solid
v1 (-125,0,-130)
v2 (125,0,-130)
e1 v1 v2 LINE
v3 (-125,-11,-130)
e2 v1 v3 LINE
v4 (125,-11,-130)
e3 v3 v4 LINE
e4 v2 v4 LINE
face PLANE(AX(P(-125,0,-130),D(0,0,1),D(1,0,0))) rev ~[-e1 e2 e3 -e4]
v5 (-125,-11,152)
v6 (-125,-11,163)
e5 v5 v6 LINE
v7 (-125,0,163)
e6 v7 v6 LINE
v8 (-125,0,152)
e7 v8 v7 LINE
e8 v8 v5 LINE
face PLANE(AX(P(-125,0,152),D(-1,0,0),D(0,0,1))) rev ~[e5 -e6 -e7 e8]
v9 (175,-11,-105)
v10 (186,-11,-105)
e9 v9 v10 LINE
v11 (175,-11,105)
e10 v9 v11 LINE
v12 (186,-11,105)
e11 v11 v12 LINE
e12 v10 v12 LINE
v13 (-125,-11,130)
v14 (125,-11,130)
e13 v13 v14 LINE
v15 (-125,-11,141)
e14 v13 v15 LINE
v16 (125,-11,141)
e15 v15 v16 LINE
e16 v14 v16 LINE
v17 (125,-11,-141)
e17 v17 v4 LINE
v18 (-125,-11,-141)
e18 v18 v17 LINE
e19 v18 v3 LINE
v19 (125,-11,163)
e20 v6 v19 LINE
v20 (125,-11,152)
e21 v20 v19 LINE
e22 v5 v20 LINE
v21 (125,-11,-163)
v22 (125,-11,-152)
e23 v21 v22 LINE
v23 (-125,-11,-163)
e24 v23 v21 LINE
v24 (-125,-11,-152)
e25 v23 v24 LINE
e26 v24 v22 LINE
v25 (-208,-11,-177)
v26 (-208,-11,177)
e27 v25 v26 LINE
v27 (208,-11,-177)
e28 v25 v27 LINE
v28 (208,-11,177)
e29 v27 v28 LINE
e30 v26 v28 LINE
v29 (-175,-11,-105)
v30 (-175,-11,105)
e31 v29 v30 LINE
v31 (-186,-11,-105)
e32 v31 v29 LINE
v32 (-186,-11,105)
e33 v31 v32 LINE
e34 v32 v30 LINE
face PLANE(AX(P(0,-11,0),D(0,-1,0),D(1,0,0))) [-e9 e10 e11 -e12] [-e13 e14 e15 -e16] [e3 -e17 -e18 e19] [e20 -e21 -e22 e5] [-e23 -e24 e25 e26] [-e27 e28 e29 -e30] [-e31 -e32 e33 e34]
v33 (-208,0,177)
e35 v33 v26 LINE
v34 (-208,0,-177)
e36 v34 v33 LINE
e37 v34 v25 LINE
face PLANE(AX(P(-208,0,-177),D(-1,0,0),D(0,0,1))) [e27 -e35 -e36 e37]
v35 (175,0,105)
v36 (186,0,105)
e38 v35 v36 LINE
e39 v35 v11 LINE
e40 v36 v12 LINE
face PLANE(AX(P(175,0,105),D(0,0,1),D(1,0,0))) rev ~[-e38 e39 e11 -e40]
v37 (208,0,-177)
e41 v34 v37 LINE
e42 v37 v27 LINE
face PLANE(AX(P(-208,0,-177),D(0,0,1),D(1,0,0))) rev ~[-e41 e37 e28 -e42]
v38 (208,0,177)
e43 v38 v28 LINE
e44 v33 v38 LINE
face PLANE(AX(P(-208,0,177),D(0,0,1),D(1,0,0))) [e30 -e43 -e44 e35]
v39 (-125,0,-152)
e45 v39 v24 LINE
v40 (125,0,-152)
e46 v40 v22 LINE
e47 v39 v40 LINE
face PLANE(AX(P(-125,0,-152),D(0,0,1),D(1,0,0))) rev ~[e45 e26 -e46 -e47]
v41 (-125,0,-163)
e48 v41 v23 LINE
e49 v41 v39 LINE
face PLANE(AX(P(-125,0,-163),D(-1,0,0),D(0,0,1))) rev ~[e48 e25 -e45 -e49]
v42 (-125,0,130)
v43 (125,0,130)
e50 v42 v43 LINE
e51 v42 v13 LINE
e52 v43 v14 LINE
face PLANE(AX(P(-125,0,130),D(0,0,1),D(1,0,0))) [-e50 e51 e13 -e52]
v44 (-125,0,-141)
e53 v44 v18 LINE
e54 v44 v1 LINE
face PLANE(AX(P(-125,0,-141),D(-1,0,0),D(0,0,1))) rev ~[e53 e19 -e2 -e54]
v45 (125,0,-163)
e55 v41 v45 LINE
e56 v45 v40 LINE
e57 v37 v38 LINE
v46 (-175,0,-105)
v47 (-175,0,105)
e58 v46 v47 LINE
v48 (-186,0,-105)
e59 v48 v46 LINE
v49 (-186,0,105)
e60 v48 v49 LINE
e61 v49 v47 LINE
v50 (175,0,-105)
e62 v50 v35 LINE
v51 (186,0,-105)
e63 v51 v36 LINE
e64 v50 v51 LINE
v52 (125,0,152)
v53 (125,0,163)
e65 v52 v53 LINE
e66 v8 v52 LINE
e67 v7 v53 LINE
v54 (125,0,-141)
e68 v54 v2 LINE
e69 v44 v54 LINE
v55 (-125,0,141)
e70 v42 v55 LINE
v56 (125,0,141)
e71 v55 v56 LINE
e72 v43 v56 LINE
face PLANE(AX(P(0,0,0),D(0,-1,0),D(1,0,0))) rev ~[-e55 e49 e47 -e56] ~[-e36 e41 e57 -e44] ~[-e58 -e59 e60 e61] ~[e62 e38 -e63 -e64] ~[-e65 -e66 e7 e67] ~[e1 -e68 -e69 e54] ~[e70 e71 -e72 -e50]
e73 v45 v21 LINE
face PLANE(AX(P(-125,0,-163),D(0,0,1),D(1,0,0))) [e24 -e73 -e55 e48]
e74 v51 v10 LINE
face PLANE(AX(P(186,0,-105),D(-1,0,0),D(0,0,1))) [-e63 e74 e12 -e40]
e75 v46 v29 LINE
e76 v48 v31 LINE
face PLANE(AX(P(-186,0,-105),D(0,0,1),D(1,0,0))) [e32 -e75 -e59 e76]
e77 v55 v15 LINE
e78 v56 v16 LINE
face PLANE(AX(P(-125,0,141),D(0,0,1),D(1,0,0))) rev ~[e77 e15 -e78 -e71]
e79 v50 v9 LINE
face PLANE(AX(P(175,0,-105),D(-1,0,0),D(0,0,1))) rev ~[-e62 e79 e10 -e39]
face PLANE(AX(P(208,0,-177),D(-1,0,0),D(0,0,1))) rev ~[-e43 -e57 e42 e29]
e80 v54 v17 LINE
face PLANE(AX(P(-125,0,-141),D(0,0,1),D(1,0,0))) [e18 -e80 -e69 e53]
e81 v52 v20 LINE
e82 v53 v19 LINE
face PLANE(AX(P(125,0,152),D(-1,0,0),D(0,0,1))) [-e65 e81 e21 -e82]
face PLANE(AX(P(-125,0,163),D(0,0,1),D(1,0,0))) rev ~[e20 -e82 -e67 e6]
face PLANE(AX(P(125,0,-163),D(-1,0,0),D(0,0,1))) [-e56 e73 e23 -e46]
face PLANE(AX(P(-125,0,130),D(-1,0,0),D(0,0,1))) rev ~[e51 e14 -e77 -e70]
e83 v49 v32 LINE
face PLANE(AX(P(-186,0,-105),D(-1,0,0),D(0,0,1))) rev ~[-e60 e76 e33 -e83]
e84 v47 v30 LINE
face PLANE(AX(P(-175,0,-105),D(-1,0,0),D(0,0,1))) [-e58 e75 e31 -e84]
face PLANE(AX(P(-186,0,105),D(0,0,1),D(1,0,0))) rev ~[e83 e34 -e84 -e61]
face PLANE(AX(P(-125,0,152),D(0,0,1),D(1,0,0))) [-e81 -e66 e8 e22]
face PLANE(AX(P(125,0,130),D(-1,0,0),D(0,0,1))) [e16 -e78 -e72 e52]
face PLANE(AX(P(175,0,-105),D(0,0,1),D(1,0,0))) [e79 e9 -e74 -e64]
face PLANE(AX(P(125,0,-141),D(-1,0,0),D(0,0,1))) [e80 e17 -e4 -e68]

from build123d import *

# Parameters (mm, degrees)
F0_W     = 416
F0_H     = 354
F0_W_2   = 250
F0_H_2   = 11
F0_W_3   = 11
F0_H_3   = 210
F1_DEPTH = 11


with BuildPart() as f1:
    # F0 (on Front) → F1 (new body)
    with BuildSketch(Plane.XZ):
        Rectangle(F0_W, F0_H)
        with Locations((0, -157.5)):
            Rectangle(F0_W_2, F0_H_2, mode=Mode.SUBTRACT)
        with Locations((0, -135.5)):
            Rectangle(F0_W_2, F0_H_2, mode=Mode.SUBTRACT)
        with Locations((-180.5, 0)):
            Rectangle(F0_W_3, F0_H_3, mode=Mode.SUBTRACT)
        with Locations((180.5, 0)):
            Rectangle(F0_W_3, F0_H_3, mode=Mode.SUBTRACT)
        with Locations((0, 135.5)):
            Rectangle(F0_W_2, F0_H_2, mode=Mode.SUBTRACT)
        with Locations((0, 157.5)):
            Rectangle(F0_W_2, F0_H_2, mode=Mode.SUBTRACT)
    extrude(amount=F1_DEPTH)


solid = f1.part
